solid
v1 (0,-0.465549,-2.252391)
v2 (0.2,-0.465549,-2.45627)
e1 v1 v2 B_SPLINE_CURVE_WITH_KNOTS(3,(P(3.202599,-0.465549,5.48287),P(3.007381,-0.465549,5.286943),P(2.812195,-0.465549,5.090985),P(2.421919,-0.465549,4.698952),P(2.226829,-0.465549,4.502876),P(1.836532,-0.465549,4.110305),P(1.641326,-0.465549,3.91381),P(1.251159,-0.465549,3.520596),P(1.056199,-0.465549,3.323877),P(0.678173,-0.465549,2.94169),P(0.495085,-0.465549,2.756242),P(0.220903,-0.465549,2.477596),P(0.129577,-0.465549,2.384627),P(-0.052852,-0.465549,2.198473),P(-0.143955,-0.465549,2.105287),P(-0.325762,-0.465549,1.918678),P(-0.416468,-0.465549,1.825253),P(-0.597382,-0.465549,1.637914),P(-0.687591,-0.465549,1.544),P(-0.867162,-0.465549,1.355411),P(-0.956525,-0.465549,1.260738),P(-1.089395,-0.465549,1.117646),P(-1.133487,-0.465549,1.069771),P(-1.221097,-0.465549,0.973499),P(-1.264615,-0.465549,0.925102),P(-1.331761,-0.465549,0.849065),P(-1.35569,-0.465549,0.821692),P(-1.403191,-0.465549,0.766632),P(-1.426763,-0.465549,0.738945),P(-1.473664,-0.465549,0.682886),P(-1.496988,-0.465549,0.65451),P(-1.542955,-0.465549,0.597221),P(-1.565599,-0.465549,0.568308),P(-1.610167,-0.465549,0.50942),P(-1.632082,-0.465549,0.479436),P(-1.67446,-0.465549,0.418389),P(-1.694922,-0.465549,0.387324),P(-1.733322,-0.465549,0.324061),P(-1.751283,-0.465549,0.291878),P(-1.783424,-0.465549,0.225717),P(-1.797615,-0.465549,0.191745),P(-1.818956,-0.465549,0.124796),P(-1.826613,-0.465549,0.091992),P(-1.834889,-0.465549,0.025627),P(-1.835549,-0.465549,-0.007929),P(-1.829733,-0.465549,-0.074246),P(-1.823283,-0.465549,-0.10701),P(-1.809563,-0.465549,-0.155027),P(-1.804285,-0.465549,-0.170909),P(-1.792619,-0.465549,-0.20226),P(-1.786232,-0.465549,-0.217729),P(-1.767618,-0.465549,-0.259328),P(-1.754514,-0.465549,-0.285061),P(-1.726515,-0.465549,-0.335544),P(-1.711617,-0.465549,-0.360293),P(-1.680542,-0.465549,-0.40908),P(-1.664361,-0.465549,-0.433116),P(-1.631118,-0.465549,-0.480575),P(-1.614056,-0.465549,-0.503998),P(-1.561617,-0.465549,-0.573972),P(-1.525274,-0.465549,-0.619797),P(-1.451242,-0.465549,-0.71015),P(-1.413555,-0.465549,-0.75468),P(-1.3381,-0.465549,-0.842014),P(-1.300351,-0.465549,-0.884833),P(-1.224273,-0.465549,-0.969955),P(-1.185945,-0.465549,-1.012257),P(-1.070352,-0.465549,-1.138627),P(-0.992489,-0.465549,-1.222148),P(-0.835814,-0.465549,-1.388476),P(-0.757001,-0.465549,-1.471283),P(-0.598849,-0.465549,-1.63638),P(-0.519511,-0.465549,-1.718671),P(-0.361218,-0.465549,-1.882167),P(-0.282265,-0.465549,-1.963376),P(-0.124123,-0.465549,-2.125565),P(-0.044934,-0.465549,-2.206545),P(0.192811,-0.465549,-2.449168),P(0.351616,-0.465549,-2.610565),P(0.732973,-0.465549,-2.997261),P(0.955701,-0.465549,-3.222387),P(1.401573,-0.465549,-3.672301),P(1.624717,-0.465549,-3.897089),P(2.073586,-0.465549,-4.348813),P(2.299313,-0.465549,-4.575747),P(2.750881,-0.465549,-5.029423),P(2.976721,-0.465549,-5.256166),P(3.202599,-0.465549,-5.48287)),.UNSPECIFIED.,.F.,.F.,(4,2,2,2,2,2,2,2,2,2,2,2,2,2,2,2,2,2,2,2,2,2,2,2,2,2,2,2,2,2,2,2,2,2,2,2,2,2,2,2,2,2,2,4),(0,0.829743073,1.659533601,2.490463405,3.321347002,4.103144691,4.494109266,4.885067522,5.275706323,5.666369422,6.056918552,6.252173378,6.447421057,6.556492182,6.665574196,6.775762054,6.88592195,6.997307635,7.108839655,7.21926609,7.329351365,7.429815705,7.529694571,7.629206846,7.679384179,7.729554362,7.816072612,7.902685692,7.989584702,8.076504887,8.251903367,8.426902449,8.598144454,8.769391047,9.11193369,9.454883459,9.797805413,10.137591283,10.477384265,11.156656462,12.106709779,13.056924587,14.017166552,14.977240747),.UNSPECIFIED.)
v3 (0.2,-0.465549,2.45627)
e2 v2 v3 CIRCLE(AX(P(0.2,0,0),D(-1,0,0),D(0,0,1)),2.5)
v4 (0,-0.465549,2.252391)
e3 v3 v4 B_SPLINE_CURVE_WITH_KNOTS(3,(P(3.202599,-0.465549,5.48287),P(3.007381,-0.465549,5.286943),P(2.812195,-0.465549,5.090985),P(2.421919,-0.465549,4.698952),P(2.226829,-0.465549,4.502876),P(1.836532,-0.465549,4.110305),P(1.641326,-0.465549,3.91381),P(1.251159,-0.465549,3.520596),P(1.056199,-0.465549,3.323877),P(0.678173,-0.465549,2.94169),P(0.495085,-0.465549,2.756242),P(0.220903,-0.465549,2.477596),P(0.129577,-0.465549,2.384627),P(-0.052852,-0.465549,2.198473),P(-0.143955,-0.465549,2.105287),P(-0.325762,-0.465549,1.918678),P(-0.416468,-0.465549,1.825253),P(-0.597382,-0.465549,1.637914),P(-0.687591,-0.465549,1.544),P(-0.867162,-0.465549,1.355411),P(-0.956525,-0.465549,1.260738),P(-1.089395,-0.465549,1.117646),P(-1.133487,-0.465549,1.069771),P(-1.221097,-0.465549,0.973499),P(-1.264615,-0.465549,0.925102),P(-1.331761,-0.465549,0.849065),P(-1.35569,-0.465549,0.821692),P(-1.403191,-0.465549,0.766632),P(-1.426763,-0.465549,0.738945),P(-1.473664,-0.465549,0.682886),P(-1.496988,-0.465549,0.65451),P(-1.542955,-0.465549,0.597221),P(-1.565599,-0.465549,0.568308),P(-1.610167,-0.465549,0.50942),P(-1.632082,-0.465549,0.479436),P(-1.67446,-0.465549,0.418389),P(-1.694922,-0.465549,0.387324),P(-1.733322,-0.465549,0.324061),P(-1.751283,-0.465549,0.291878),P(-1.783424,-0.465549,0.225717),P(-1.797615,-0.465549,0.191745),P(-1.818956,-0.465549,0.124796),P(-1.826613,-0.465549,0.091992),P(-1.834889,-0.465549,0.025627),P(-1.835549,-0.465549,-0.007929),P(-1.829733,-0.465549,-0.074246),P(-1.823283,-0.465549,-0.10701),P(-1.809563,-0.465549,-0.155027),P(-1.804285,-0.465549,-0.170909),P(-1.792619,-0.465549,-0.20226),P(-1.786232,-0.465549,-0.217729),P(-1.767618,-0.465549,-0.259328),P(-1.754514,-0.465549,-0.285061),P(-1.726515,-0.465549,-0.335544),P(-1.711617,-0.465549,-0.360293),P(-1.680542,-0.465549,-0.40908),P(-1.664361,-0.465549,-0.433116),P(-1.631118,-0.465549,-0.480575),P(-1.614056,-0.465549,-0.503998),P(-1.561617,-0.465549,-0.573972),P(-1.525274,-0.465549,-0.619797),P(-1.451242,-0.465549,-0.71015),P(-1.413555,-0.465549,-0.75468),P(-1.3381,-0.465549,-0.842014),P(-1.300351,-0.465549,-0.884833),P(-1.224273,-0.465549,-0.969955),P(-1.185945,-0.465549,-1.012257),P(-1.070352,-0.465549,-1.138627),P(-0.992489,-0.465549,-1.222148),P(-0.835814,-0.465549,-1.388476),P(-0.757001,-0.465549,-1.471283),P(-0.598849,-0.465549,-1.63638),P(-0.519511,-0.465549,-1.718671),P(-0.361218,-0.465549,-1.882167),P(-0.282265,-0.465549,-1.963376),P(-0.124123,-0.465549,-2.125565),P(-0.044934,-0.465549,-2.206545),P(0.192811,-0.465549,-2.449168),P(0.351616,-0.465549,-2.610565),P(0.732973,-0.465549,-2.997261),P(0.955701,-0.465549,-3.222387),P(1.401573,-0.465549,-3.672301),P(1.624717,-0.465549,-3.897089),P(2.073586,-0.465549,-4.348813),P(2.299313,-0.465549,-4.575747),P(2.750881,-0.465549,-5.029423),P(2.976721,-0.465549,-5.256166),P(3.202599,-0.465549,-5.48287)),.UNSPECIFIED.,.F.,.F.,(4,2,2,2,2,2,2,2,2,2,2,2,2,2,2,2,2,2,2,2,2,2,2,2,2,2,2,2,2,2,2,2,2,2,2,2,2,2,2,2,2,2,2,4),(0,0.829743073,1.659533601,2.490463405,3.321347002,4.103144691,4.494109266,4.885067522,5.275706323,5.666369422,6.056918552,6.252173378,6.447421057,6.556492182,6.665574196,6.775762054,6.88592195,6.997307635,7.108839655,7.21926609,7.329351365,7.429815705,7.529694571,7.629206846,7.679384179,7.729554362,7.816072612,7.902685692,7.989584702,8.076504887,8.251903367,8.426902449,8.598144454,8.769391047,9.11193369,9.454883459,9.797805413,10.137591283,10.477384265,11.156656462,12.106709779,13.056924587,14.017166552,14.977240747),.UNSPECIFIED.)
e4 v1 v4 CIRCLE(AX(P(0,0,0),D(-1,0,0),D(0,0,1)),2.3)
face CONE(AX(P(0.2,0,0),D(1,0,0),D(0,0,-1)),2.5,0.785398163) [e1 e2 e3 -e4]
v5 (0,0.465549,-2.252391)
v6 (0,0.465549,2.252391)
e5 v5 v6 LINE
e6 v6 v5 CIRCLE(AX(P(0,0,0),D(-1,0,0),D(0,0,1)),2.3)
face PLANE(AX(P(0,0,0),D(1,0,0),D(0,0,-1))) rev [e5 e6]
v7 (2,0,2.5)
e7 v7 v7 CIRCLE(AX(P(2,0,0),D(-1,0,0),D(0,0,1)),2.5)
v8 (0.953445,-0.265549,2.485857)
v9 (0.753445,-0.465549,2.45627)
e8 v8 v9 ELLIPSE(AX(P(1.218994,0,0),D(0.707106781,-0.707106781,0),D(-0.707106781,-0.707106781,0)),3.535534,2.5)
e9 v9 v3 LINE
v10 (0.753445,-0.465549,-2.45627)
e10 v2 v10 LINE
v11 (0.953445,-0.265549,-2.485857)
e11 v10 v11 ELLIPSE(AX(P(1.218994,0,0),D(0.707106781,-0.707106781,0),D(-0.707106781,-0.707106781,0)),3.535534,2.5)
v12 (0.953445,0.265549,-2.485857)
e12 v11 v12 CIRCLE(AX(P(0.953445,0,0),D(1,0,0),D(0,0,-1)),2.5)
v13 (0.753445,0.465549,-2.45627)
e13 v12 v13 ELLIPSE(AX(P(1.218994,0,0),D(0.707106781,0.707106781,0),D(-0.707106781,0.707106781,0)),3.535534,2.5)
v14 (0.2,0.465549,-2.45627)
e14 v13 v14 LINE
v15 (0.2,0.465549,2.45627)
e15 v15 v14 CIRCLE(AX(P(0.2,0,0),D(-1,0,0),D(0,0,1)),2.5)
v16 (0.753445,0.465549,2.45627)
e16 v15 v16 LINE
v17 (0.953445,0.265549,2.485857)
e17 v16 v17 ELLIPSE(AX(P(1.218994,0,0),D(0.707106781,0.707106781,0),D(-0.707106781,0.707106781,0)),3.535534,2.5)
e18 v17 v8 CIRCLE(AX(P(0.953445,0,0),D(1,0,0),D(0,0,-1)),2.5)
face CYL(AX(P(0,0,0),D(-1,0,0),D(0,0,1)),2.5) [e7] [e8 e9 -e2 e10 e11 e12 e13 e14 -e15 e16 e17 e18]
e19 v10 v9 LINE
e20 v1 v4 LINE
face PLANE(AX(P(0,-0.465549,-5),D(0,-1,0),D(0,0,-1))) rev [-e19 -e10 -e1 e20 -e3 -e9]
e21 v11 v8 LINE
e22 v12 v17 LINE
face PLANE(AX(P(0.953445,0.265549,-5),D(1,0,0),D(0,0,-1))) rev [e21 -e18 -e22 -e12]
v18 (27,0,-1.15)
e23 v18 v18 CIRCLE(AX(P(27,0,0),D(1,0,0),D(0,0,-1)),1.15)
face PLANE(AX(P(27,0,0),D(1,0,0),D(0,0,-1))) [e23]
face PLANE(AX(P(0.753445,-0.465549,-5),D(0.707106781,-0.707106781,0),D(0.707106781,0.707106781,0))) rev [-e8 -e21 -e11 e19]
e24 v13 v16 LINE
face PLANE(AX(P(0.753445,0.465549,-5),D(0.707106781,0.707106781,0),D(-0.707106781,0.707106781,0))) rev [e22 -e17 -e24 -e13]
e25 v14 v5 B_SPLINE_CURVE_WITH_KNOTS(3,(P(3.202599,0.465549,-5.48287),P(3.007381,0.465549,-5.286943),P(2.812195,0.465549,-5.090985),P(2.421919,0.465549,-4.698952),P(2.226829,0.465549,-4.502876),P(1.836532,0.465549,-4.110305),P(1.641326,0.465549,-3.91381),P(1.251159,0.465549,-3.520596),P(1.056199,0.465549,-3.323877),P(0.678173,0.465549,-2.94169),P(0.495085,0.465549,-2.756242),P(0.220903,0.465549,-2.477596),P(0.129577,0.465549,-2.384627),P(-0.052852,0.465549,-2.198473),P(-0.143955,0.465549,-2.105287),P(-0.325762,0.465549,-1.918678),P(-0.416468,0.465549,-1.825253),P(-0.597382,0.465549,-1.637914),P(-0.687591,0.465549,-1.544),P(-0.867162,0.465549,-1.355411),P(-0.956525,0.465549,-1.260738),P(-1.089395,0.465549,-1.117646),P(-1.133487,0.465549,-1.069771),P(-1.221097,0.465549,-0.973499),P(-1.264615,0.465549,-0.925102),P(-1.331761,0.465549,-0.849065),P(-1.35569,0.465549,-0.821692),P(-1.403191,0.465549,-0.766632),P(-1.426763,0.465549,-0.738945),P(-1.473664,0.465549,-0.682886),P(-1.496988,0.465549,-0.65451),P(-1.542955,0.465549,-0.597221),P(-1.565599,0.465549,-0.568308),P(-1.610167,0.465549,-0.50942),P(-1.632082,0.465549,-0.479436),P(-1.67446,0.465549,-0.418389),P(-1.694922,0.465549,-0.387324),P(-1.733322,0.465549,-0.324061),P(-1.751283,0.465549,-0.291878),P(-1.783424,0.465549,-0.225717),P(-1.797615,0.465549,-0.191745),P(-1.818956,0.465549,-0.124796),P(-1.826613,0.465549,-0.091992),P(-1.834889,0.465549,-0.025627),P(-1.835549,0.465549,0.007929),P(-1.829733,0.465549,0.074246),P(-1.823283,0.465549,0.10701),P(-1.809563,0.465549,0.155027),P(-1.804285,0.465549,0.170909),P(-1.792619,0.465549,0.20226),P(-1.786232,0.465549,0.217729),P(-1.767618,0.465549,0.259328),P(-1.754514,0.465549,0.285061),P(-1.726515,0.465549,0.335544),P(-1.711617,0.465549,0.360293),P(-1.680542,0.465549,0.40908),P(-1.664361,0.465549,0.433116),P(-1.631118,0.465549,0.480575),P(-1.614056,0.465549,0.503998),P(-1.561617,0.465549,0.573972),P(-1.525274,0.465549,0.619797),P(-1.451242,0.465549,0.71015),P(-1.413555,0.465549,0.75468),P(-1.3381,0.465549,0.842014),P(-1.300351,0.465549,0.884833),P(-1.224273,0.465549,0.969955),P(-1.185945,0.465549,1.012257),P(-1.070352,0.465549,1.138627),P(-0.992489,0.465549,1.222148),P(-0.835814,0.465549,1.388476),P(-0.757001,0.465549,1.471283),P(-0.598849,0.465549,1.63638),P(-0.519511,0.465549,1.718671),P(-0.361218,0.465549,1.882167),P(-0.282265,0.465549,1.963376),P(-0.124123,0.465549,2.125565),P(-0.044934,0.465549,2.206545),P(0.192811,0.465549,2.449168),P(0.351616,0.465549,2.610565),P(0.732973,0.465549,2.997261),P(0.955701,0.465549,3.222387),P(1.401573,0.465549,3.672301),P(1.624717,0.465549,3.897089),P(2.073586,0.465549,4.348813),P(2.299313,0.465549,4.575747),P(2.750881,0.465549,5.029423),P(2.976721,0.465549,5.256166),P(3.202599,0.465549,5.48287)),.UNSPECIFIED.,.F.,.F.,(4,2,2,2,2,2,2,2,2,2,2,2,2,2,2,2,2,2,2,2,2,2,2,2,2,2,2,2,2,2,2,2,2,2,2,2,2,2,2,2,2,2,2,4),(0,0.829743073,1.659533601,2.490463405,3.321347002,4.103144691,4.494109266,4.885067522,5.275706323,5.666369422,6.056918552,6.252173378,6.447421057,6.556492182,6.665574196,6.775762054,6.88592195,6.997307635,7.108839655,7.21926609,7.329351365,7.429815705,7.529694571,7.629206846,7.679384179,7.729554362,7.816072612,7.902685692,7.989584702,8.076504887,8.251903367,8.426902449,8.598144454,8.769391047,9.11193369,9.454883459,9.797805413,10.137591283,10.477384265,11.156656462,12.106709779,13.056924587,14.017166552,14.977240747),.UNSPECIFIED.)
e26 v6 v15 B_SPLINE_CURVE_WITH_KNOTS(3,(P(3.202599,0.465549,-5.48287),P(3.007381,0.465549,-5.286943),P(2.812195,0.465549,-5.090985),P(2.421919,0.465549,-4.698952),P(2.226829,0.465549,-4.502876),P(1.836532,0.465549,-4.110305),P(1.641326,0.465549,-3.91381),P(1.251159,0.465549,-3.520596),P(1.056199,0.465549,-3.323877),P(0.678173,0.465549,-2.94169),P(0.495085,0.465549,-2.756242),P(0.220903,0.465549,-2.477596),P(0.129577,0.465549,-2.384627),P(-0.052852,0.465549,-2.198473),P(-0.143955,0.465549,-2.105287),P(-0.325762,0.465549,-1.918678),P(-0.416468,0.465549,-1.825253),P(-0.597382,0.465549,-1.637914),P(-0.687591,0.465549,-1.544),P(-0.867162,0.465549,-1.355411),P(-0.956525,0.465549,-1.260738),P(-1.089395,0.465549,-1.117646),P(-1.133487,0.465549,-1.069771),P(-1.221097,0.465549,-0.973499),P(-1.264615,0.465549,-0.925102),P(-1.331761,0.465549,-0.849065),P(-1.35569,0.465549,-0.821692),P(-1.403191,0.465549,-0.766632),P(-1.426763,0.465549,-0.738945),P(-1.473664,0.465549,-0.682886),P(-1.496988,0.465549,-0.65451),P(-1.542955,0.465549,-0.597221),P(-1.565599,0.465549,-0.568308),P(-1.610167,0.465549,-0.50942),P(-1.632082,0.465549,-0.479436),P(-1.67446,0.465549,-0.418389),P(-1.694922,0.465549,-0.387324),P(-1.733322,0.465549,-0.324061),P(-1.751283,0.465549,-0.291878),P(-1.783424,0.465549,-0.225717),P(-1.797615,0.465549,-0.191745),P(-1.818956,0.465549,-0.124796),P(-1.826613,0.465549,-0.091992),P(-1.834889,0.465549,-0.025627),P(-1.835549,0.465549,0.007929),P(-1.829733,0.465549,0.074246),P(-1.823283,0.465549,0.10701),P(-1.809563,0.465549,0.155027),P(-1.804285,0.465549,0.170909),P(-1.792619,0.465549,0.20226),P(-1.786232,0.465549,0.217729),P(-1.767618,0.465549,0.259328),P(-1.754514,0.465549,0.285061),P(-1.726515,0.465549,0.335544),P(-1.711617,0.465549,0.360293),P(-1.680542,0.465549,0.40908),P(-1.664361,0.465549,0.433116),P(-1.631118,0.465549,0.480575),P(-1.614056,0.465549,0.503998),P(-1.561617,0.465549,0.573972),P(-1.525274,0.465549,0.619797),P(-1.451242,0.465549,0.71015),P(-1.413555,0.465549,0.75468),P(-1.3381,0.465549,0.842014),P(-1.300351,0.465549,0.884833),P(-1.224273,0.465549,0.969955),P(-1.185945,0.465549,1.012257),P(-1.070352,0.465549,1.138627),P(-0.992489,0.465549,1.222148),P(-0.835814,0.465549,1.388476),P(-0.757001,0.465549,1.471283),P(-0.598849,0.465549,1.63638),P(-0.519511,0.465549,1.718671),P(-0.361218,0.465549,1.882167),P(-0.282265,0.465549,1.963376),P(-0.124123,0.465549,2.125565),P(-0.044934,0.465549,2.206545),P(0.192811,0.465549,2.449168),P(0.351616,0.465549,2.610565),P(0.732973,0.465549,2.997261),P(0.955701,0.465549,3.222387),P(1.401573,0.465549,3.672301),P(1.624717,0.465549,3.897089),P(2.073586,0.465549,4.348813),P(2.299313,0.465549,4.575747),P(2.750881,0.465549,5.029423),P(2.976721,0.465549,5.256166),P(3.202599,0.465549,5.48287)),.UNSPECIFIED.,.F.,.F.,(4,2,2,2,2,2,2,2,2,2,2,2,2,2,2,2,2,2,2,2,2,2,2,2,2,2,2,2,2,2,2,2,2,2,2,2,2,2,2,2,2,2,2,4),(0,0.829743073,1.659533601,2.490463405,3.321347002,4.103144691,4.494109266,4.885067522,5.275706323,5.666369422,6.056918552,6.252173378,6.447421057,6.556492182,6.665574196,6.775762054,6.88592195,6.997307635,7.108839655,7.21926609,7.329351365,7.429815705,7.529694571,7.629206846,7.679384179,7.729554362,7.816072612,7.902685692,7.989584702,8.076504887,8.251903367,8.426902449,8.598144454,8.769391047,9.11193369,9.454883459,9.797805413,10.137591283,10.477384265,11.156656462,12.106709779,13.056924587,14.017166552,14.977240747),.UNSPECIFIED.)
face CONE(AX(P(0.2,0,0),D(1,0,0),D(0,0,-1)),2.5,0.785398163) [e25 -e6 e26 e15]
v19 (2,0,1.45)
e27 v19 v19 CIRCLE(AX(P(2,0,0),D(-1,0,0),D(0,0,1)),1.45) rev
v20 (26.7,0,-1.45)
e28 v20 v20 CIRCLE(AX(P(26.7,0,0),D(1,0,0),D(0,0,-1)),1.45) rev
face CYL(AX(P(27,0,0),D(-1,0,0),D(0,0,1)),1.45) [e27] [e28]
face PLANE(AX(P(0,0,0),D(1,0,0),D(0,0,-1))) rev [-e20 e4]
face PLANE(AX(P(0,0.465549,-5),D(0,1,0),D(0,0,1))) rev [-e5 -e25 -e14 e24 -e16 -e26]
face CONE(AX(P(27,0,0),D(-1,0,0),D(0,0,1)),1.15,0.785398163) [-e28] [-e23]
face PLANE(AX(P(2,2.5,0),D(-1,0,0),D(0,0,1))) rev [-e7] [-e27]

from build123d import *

# Parameters (mm, degrees)
ENL_V_MAT_EXTRU_1_DEPTH = 5
ESQUISSE3_R             = 1.45
EXTRUSION1_DEPTH        = 25
CHANFREIN1_SIZE         = 0.3


with BuildPart() as part:
    # Esquisse1 → Révolution1 (revolve)
    with BuildSketch(Plane.XY, mode=Mode.PRIVATE) as r_volution1_sk:
        Polygon((0, 0), (0, 2.3), (0.2, 2.5), (2, 2.5), (2, 0), align=None)
    revolve(r_volution1_sk.sketch.rotate(Axis((0, 0, 0), (1, 0, 0)), 90), axis=Axis((0, 0, 0), (1, 0, 0)))  # turned: the seam where the file's is

    # Esquisse2 → Enlèv. mat.-Extru.1 (cut, symmetric)
    with BuildSketch(Plane.XY):
        Polygon((0, 0.465549348), (0.753445065, 0.465549348), (0.953445065, 0.265549348), (0.953445065, -0.265549348), (0.753445065, -0.465549348), (0, -0.465549348), align=None)
    extrude(amount=ENL_V_MAT_EXTRU_1_DEPTH, both=True, mode=Mode.SUBTRACT)

    # Esquisse3 → Extrusion1 (add)
    with BuildSketch(Plane(origin=(2, 0, 0), x_dir=(0, 0, -1), z_dir=(1, 0, 0))):
        with Locations(Location((0, 0, 0), (0, 0, 180))):  # turned: the seam where the file's is
            Circle(ESQUISSE3_R)
    extrude(amount=EXTRUSION1_DEPTH)

    # Chanfrein1
    chanfrein1_edges = [part.edges().sort_by_distance(p)[0] for p in [
        (27, 0, -1.45),
    ]]
    chamfer(chanfrein1_edges, length=CHANFREIN1_SIZE)


solid = part.part
